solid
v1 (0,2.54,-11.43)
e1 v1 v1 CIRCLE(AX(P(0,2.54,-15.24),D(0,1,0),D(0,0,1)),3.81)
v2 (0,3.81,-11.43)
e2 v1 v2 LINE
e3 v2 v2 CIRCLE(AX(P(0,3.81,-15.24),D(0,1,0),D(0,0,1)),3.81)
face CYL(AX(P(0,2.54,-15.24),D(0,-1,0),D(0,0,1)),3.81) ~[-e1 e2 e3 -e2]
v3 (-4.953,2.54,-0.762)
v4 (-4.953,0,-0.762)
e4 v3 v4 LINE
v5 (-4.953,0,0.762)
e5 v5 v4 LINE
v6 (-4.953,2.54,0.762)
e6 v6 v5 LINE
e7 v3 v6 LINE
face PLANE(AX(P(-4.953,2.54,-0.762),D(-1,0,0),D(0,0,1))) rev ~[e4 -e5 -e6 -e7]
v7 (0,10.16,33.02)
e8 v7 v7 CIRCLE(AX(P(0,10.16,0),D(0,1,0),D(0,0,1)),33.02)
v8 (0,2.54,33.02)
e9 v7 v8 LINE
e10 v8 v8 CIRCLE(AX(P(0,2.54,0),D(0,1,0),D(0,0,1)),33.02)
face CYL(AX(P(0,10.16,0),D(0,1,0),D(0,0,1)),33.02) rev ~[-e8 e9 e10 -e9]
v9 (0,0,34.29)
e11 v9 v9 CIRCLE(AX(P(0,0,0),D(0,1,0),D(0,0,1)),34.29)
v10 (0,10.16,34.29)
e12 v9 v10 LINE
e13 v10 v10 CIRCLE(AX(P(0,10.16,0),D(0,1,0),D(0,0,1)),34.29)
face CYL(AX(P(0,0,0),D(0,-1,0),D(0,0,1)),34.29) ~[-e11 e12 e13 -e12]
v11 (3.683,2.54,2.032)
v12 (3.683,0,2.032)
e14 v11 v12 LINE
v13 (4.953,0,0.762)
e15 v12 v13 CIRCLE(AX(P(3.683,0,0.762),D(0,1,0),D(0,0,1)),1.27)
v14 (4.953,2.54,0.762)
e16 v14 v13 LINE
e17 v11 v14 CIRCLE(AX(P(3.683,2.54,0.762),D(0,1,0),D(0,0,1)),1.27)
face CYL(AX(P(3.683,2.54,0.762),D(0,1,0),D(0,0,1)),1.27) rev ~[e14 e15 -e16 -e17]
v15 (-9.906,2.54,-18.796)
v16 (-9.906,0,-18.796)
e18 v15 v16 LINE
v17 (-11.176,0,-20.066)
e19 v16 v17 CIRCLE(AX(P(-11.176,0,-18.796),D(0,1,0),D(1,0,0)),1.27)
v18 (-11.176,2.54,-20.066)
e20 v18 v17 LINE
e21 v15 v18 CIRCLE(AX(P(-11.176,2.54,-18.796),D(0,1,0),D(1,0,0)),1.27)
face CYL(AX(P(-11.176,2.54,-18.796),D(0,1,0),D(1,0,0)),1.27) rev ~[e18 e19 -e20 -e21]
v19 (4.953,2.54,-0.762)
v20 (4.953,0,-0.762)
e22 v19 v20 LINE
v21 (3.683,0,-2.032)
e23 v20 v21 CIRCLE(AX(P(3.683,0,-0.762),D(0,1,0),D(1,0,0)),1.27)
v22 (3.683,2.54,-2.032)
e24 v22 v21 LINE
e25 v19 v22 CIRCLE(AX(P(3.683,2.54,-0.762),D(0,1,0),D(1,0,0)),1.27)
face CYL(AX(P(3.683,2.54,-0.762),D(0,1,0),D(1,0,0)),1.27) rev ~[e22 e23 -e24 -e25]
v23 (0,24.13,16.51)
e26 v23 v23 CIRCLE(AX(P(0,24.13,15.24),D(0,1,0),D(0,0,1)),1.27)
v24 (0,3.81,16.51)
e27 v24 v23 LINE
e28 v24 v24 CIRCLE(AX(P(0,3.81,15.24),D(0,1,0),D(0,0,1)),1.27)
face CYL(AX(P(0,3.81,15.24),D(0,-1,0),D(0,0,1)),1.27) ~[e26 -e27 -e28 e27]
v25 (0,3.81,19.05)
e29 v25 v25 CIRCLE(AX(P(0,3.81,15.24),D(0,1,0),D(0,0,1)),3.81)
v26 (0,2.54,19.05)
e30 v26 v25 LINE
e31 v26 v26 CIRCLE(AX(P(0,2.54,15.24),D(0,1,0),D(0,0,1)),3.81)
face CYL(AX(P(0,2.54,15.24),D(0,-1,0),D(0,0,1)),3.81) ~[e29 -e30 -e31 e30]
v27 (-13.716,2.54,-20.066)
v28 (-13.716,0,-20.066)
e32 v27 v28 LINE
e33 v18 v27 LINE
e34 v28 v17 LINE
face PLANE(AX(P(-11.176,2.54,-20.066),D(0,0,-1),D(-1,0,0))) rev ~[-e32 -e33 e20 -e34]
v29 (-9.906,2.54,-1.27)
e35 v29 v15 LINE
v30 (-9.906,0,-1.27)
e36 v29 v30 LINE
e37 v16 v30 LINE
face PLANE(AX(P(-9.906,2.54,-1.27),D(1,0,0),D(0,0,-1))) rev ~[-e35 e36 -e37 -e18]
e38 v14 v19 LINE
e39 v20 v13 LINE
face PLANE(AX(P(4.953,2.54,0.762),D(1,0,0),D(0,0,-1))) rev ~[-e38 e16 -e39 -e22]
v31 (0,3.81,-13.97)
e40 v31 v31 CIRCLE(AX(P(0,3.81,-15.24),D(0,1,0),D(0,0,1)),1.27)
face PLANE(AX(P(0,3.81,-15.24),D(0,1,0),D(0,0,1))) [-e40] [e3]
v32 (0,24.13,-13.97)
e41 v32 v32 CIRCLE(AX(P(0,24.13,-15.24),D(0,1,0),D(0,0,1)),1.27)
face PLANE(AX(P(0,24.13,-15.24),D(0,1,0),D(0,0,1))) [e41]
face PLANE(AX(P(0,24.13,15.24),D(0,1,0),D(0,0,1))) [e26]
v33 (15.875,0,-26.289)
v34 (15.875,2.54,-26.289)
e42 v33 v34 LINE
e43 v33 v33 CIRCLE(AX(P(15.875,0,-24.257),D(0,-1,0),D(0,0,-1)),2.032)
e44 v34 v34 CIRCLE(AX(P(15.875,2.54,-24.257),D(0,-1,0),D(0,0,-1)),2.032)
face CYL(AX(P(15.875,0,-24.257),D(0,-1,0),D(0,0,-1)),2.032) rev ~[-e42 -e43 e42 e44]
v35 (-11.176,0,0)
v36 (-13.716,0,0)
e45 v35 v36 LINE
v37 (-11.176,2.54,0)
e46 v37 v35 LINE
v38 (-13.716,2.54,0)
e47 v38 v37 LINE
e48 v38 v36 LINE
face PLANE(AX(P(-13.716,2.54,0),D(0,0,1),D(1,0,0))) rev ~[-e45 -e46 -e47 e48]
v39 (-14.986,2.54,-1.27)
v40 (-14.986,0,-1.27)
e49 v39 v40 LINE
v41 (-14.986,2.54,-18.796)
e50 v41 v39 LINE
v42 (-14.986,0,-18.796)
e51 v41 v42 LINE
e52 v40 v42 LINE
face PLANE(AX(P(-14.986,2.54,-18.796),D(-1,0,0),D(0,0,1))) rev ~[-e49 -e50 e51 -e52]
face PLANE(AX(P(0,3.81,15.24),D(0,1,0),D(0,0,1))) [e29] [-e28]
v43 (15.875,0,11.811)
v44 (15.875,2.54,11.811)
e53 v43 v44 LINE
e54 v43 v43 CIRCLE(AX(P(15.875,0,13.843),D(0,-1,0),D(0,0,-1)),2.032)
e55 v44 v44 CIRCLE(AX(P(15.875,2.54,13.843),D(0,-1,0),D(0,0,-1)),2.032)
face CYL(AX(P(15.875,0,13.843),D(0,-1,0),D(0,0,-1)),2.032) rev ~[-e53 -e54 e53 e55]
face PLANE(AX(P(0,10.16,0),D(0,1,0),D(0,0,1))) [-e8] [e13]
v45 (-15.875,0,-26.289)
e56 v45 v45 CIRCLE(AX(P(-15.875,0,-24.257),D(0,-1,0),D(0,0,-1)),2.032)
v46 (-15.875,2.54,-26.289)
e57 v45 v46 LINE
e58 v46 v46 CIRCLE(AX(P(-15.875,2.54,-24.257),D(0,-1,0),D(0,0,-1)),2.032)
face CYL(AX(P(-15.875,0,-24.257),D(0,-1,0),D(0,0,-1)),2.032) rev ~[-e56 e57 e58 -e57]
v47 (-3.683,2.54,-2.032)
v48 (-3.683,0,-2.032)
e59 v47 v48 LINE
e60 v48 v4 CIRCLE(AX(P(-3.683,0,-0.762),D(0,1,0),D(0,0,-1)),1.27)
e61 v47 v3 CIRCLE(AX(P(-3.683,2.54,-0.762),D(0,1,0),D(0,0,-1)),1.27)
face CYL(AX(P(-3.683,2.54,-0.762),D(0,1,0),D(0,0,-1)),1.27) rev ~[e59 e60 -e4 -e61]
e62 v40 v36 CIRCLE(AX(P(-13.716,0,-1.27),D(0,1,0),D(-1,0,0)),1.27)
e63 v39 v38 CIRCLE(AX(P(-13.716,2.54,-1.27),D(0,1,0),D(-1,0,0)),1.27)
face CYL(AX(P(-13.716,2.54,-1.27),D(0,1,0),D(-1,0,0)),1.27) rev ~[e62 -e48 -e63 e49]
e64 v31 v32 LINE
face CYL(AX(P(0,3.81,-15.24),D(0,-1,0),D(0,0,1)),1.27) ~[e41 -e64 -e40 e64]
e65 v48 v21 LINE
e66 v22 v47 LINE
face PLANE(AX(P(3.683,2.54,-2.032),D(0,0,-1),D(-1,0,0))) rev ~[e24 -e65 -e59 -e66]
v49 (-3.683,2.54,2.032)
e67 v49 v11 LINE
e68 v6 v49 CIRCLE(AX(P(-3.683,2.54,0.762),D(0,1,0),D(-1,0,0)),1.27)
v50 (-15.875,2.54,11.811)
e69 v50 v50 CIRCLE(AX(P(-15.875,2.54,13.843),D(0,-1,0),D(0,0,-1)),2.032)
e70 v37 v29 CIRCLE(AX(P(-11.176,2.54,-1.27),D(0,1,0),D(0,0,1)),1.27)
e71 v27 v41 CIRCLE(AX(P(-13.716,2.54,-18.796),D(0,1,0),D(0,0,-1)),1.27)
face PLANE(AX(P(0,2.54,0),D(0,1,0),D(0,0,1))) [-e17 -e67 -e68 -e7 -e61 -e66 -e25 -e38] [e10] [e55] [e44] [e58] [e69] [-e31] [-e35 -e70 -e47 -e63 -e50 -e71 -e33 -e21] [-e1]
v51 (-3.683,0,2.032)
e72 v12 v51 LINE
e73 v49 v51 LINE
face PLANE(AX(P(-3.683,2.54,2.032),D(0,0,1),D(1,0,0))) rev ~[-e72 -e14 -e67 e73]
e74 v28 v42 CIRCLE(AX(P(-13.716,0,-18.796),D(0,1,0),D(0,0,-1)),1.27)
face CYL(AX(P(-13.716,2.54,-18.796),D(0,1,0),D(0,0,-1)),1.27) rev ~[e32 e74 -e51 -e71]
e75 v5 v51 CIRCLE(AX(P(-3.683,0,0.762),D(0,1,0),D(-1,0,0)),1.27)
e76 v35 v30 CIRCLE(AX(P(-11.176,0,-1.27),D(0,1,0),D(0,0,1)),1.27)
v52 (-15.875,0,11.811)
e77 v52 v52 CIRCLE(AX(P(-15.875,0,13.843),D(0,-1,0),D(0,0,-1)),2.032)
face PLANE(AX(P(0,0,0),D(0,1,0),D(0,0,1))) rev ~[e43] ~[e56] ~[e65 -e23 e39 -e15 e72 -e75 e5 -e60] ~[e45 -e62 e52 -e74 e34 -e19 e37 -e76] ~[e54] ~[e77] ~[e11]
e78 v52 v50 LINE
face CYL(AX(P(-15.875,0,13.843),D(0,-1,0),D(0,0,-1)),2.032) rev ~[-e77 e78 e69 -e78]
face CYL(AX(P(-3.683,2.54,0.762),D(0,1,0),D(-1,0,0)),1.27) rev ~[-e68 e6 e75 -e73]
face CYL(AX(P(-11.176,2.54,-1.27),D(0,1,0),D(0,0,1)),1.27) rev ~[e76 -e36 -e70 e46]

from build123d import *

# Parameters (mm, degrees)
SKETCH1_R           = 34.29
BOSS_EXTRUDE1_DEPTH = 10.16
SKETCH2_R           = 33.02
CUT_EXTRUDE1_DEPTH  = 7.62
SKETCH3_R           = 3.81
BOSS_EXTRUDE2_DEPTH = 1.27
SKETCH4_R           = 1.27
BOSS_EXTRUDE3_DEPTH = 20.32
CUT_EXTRUDE3_REACH  = 55.082
CUT_EXTRUDE4_REACH  = 55.082
CUT_EXTRUDE5_REACH  = 56.165
SKETCH11_R          = 2.032


with BuildPart() as part:
    # Sketch1 → Boss-Extrude1 (new body)
    with BuildSketch(Plane(origin=(0, 0, 0), x_dir=(1, 0, 0), z_dir=(0, 1, 0))):
        with Locations(Location((0, 0, 0), (0, 0, 270))):
            Circle(SKETCH1_R)
    extrude(amount=BOSS_EXTRUDE1_DEPTH)

    # Sketch2 → Cut-Extrude1 (cut)
    with BuildSketch(Plane(origin=(0, 10.16, 0), x_dir=(1, 0, 0), z_dir=(0, 1, 0))):
        with Locations(Location((0, 0, 0), (0, 0, 270))):
            Circle(SKETCH2_R)
    extrude(amount=-CUT_EXTRUDE1_DEPTH, mode=Mode.SUBTRACT)

    # Sketch3 → Boss-Extrude2 (add)
    with BuildSketch(Plane(origin=(0, 2.54, 0), x_dir=(1, 0, 0), z_dir=(0, 1, 0))):
        with Locations(Location((0, -15.24, 0), (0, 0, 270))):
            Circle(SKETCH3_R)
        with Locations(Location((0, 15.24, 0), (0, 0, 270))):
            Circle(SKETCH3_R)
    extrude(amount=BOSS_EXTRUDE2_DEPTH)

    # Sketch4 → Boss-Extrude3 (add)
    with BuildSketch(Plane(origin=(0, 3.81, 0), x_dir=(1, 0, 0), z_dir=(0, 1, 0))):
        with Locations(Location((0, -15.24, 0), (0, 0, 270))):
            Circle(SKETCH4_R)
        with Locations(Location((0, 15.24, 0), (0, 0, 270))):
            Circle(SKETCH4_R)
    extrude(amount=BOSS_EXTRUDE3_DEPTH)

    # Sketch8 → Cut-Extrude3 (cut, up to next)
    with BuildSketch(Plane(origin=(0, 2.54, 0), x_dir=(1, 0, 0), z_dir=(0, 1, 0)), mode=Mode.PRIVATE) as cut_extrude3_sk1:
        with BuildLine():
            Line((3.683, 2.032), (-3.683, 2.032))
            ThreePointArc((-3.683, 2.032), (-4.581025612, 1.660025612), (-4.953, 0.762))
            Line((-4.953, 0.762), (-4.953, -0.762))
            ThreePointArc((-4.953, -0.762), (-4.581025612, -1.660025612), (-3.683, -2.032))
            Line((-3.683, -2.032), (3.683, -2.032))
            ThreePointArc((3.683, -2.032), (4.581025612, -1.660025612), (4.953, -0.762))
            Line((4.953, -0.762), (4.953, 0.762))
            ThreePointArc((4.953, 0.762), (4.581025612, 1.660025612), (3.683, 2.032))
        make_face()
    cut_extrude3_tool1 = extrude(cut_extrude3_sk1.sketch, amount=-CUT_EXTRUDE3_REACH, mode=Mode.PRIVATE) & part.part
    add(cut_extrude3_tool1.solids().sort_by_distance((0, 2.54, 0))[0], mode=Mode.SUBTRACT)

    # Sketch9 → Cut-Extrude4 (cut, up to next)
    with BuildSketch(Plane(origin=(0, 2.54, 0), x_dir=(1, 0, 0), z_dir=(0, 1, 0)), mode=Mode.PRIVATE) as cut_extrude4_sk1:
        with BuildLine():
            Line((-13.716, 0), (-11.176, 0))
            ThreePointArc((-11.176, 0), (-10.277974388, 0.371974388), (-9.906, 1.27))
            Line((-9.906, 1.27), (-9.906, 18.796))
            ThreePointArc((-9.906, 18.796), (-10.277974388, 19.694025612), (-11.176, 20.066))
            Line((-11.176, 20.066), (-13.716, 20.066))
            ThreePointArc((-13.716, 20.066), (-14.614025612, 19.694025612), (-14.986, 18.796))
            Line((-14.986, 18.796), (-14.986, 1.27))
            ThreePointArc((-14.986, 1.27), (-14.614025612, 0.371974388), (-13.716, 0))
        make_face()
    cut_extrude4_tool1 = extrude(cut_extrude4_sk1.sketch, amount=-CUT_EXTRUDE4_REACH, mode=Mode.PRIVATE) & part.part
    add(cut_extrude4_tool1.solids().sort_by_distance((-12.446, 2.54, -10.033))[0], mode=Mode.SUBTRACT)

    # Sketch11 → Cut-Extrude5 (cut, up to next)
    with BuildSketch(Plane.XZ, mode=Mode.PRIVATE) as cut_extrude5_sk1:
        with Locations(Location((15.875, 13.843, 0), (0, 0, 270))):
            Circle(SKETCH11_R)
    cut_extrude5_tool1 = extrude(cut_extrude5_sk1.sketch, amount=-CUT_EXTRUDE5_REACH, mode=Mode.PRIVATE) & part.part
    # Sketch11 → Cut-Extrude5 (cut, up to next)
    with BuildSketch(Plane.XZ, mode=Mode.PRIVATE) as cut_extrude5_sk2:
        with Locations(Location((-15.875, 13.843, 0), (0, 0, 270))):
            Circle(SKETCH11_R)
    cut_extrude5_tool2 = extrude(cut_extrude5_sk2.sketch, amount=-CUT_EXTRUDE5_REACH, mode=Mode.PRIVATE) & part.part
    # Sketch11 → Cut-Extrude5 (cut, up to next)
    with BuildSketch(Plane.XZ, mode=Mode.PRIVATE) as cut_extrude5_sk3:
        with Locations(Location((-15.875, -24.257, 0), (0, 0, 270))):
            Circle(SKETCH11_R)
    cut_extrude5_tool3 = extrude(cut_extrude5_sk3.sketch, amount=-CUT_EXTRUDE5_REACH, mode=Mode.PRIVATE) & part.part
    # Sketch11 → Cut-Extrude5 (cut, up to next)
    with BuildSketch(Plane.XZ, mode=Mode.PRIVATE) as cut_extrude5_sk4:
        with Locations(Location((15.875, -24.257, 0), (0, 0, 270))):
            Circle(SKETCH11_R)
    cut_extrude5_tool4 = extrude(cut_extrude5_sk4.sketch, amount=-CUT_EXTRUDE5_REACH, mode=Mode.PRIVATE) & part.part
    add(cut_extrude5_tool1.solids().sort_by_distance((15.875, 0, 13.843))[0], mode=Mode.SUBTRACT)
    add(cut_extrude5_tool2.solids().sort_by_distance((-15.875, 0, 13.843))[0], mode=Mode.SUBTRACT)
    add(cut_extrude5_tool3.solids().sort_by_distance((-15.875, 0, -24.257))[0], mode=Mode.SUBTRACT)
    add(cut_extrude5_tool4.solids().sort_by_distance((15.875, 0, -24.257))[0], mode=Mode.SUBTRACT)


solid = part.part
